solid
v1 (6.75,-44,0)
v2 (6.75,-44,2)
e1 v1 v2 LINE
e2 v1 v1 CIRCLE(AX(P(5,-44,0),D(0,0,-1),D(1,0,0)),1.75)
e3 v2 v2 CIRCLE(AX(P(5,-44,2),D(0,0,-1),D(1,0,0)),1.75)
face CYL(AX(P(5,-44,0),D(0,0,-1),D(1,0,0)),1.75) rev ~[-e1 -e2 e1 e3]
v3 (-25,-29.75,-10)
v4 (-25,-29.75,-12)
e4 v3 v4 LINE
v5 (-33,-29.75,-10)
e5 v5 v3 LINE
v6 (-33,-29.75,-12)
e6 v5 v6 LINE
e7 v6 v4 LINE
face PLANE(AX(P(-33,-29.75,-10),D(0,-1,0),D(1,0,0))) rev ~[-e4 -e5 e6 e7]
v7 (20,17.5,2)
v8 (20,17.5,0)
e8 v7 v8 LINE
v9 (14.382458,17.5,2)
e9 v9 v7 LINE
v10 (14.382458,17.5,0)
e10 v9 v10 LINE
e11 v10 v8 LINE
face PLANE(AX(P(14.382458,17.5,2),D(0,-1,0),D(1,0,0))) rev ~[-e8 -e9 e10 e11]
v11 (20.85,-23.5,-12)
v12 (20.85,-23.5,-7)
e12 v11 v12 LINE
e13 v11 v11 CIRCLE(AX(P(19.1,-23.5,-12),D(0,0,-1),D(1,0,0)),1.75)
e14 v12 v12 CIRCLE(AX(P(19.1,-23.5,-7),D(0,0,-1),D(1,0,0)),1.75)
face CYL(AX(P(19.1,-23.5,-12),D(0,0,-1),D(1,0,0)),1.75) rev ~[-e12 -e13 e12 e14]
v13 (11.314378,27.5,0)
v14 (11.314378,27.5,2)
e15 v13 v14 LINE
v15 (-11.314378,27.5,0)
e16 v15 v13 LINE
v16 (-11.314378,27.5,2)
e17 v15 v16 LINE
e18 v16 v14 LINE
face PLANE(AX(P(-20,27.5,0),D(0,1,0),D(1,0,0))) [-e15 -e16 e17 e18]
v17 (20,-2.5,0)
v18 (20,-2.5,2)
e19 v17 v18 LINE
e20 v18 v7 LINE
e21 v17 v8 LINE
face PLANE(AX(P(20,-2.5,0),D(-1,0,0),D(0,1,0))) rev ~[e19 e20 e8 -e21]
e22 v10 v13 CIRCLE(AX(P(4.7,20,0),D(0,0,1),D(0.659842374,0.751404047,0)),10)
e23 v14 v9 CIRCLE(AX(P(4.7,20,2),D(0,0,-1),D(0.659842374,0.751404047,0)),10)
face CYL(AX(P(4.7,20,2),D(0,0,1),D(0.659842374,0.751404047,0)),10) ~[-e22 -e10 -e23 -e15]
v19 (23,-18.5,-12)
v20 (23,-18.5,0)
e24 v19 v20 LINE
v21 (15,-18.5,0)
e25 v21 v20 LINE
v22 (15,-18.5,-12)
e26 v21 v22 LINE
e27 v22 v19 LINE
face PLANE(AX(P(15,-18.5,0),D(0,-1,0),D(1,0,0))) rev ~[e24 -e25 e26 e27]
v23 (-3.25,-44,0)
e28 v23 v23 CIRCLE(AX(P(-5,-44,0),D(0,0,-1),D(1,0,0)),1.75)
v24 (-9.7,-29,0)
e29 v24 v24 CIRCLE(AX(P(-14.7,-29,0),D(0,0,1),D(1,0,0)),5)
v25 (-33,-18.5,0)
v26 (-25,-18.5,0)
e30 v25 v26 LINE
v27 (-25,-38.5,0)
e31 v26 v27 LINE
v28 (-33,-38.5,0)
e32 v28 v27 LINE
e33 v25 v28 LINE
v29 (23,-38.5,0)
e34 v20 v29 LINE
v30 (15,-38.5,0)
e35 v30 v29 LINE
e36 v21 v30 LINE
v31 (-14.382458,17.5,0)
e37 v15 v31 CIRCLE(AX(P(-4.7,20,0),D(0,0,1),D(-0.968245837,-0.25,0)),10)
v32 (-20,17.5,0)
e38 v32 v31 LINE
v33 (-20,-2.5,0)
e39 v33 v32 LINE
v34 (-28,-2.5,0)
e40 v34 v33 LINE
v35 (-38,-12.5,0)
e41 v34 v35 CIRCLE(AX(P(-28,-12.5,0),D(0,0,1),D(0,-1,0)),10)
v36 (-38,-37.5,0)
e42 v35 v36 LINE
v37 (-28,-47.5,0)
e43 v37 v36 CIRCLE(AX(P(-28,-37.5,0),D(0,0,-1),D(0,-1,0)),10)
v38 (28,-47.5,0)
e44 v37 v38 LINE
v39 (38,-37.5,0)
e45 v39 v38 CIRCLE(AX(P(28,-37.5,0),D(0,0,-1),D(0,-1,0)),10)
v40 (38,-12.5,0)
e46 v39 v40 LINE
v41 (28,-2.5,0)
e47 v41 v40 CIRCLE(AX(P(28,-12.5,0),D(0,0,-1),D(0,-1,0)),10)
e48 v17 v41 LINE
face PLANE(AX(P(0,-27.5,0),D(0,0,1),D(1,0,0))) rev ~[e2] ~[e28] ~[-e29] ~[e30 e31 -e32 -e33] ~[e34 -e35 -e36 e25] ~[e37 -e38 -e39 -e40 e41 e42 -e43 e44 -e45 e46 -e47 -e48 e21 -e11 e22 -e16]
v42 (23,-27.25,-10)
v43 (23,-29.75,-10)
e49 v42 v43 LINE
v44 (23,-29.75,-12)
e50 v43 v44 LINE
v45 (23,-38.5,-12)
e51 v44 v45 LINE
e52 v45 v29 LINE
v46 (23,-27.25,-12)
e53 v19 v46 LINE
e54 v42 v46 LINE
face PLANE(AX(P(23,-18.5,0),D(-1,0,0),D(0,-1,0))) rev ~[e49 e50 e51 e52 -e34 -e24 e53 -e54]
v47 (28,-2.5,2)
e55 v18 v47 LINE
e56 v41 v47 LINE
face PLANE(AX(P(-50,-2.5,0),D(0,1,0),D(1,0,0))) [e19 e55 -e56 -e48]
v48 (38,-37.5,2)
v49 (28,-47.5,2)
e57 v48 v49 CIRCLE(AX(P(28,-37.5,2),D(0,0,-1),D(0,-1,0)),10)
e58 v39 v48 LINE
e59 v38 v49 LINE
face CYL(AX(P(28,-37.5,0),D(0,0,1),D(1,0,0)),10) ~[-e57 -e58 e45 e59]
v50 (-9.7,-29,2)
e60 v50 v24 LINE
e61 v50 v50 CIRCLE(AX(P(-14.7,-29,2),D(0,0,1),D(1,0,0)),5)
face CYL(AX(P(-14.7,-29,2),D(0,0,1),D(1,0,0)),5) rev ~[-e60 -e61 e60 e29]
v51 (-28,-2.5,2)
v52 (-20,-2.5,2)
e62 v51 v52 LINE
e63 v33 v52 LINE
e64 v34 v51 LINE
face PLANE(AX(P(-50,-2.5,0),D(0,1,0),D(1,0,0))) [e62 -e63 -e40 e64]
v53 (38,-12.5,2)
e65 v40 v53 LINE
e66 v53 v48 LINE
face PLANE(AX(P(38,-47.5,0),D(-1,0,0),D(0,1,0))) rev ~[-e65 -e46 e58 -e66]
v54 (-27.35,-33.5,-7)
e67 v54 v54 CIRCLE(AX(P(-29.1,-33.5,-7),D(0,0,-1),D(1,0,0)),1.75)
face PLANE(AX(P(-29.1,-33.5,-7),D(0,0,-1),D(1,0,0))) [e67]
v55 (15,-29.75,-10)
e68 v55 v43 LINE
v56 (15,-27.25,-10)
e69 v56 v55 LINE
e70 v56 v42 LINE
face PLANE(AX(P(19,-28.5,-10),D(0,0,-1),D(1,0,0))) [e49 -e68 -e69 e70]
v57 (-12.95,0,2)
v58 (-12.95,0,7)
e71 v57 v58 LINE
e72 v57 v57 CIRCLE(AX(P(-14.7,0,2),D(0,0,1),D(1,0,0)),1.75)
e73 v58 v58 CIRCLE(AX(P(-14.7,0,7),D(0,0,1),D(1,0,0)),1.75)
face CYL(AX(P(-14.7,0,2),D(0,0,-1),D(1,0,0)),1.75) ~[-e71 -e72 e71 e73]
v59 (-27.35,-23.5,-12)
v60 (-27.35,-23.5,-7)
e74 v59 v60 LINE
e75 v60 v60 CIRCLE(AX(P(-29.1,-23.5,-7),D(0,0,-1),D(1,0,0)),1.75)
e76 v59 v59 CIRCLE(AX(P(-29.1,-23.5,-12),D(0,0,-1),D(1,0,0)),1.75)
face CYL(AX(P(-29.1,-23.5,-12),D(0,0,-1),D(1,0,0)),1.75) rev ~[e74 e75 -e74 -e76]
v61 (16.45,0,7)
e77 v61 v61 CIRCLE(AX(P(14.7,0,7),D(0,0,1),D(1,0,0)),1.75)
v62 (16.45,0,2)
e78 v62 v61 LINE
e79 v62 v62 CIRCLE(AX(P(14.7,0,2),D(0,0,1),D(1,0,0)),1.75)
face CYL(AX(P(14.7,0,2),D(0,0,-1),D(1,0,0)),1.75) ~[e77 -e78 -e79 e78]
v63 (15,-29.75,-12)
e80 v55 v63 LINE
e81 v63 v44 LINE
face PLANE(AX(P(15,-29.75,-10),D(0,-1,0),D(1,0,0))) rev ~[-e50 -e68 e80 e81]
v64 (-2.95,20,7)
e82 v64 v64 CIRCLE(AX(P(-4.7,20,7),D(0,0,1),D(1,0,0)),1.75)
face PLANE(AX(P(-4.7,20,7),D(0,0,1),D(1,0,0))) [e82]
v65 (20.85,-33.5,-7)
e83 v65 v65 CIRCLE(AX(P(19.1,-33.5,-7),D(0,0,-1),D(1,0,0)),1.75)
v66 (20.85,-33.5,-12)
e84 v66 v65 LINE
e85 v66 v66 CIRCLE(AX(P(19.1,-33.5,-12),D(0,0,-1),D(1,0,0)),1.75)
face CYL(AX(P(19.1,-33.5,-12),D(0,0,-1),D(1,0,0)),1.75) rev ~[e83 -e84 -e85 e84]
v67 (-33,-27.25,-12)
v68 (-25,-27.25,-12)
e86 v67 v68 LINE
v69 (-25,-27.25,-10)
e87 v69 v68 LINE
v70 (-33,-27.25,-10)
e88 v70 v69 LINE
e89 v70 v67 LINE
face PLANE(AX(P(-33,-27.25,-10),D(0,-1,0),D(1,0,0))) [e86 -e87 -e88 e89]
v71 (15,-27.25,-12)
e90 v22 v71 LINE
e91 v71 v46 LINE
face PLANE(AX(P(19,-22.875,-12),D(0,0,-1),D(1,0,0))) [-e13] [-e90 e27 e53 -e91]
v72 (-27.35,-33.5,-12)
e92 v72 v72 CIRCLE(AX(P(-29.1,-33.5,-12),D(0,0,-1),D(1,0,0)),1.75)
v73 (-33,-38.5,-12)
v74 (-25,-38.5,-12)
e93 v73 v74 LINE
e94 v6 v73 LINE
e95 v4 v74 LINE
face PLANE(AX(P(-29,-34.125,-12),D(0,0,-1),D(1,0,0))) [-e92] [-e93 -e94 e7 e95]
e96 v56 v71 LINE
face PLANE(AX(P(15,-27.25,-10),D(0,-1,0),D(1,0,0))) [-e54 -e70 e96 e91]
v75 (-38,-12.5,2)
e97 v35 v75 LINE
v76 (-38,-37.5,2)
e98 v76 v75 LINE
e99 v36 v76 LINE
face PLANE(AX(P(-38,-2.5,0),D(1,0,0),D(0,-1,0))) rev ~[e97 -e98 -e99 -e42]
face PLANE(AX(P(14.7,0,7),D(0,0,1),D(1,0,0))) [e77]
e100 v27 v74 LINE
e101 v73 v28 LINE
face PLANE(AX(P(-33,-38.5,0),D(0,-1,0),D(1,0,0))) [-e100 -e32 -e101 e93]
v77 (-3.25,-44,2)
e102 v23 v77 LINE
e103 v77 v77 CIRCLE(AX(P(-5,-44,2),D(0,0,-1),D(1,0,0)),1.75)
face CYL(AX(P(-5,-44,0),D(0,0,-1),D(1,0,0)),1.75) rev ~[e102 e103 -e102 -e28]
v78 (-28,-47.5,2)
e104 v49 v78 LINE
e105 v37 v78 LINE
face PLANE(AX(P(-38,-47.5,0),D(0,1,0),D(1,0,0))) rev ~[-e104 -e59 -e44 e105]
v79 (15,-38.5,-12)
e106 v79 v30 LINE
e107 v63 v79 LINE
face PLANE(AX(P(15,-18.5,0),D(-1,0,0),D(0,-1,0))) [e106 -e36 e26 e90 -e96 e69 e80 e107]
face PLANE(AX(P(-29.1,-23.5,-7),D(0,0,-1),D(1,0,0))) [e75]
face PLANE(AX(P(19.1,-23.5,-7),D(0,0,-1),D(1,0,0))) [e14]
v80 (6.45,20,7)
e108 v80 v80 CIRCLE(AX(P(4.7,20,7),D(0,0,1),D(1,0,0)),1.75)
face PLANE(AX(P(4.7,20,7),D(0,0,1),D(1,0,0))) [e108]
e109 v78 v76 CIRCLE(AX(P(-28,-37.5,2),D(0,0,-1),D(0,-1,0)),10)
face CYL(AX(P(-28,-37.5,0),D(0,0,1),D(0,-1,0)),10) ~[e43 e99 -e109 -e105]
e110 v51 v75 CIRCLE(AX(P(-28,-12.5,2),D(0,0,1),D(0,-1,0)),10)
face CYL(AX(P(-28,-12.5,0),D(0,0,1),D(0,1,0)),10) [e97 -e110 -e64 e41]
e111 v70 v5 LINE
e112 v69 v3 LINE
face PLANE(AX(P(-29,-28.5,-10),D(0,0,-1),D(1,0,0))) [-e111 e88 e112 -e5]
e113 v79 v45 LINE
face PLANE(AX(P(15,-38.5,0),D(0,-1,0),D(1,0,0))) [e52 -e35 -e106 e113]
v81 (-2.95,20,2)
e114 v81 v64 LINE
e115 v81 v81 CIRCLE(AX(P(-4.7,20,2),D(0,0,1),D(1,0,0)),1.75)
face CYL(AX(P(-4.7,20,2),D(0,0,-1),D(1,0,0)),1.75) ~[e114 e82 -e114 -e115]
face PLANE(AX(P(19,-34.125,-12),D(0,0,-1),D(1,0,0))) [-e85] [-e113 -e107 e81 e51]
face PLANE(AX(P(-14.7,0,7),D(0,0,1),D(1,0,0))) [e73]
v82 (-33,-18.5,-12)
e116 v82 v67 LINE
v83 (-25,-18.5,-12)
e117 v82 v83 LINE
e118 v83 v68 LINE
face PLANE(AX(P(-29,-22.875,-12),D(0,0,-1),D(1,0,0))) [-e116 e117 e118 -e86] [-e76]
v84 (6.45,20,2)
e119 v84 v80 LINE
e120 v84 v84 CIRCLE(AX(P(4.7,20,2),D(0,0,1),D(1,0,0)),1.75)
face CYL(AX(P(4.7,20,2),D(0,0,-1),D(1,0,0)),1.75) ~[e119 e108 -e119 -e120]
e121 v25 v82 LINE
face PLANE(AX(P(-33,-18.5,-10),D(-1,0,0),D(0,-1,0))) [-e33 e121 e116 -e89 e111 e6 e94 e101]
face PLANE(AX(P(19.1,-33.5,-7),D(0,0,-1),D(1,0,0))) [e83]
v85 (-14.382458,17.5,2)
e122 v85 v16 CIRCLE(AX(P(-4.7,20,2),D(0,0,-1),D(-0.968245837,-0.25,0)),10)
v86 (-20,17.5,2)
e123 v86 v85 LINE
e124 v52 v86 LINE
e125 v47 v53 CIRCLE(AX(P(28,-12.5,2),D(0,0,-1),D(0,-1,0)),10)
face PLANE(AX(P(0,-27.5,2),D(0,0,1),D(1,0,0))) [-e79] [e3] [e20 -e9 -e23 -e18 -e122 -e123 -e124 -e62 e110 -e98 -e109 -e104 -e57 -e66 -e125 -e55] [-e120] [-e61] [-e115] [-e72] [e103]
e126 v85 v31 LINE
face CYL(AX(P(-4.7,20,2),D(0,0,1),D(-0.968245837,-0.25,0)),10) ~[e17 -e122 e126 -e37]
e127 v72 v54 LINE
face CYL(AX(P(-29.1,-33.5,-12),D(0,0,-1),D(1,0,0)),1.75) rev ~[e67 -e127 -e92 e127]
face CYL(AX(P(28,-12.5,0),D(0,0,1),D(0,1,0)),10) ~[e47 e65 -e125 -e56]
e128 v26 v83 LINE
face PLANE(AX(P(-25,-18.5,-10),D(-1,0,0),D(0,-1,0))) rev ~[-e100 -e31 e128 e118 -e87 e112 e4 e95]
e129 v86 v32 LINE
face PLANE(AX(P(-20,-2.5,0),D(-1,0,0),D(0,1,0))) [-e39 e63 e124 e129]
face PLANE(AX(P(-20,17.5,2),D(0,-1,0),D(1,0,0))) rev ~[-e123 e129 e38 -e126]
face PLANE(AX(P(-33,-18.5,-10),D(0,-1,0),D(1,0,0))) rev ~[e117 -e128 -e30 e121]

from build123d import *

# Parameters (mm, degrees)
F0_W      = 40
F0_H      = 30
F1_DEPTH  = 2
F2_R      = 1.75
F3_DEPTH  = 5
F4_R      = 1.75
F5_DEPTH  = 5
F7_DEPTH  = 2.001
F8_W      = 100
F8_H      = 50
F9_DEPTH  = 2
F10_R     = 5
F11_DEPTH = 2.001
F12_W     = 8
F12_H     = 20
F13_DEPTH = 10
F14_W     = 8
F14_H     = 8.75
F15_DEPTH = 2
F16_R     = 1.75
F17_DEPTH = 5
F18_R     = 1.75
F19_DEPTH = 7.001
F20_R     = 10


with BuildPart() as f1:
    # F0 (on Top) → F1 (new body)
    with BuildSketch(Plane.XY):
        with Locations((0, 12.5)):
            Rectangle(F0_W, F0_H)
    extrude(amount=F1_DEPTH)

    # F2 (on face) → F3 (join)
    with BuildSketch(Plane.XY.offset(2)):
        with Locations((14.7, 0)):
            Circle(F2_R)
        with Locations((-14.7, 0)):
            Circle(F2_R)
    extrude(amount=F3_DEPTH)

    # F4 (on face) → F5 (join)
    with BuildSketch(Plane.XY.offset(2)):
        with Locations((-4.7, 20)):
            Circle(F4_R)
        with Locations((4.7, 20)):
            Circle(F4_R)
    extrude(amount=F5_DEPTH)

    # F6 (on face) → F7 (cut, through all)
    with BuildSketch(Plane.XY.offset(2)):
        with BuildLine():
            ThreePointArc((-14.3824583655, 17.5), (-14.2570409722, 22.9432920101), (-11.298423737, 27.5140404701))
            Line((-11.298423737, 27.5140404701), (-20, 27.5140404701))
            Line((-20, 27.5140404701), (-20, 17.5))
            Line((-20, 17.5), (-14.3824583655, 17.5))
        make_face()
        with BuildLine():
            Line((20, 27.5140404701), (11.298423737, 27.5140404701))
            ThreePointArc((11.298423737, 27.5140404701), (14.2570409722, 22.9432920101), (14.3824583655, 17.5))
            Line((14.3824583655, 17.5), (20, 17.5))
            Line((20, 17.5), (20, 27.5140404701))
        make_face()
    extrude(amount=-F7_DEPTH, mode=Mode.SUBTRACT)

    # F8 (on Top) → F9 (join)
    with BuildSketch(Plane.XY):
        with Locations((0, -27.5)):
            Rectangle(F8_W, F8_H)
    extrude(amount=F9_DEPTH)

    # F10 (on face) → F11 (cut, through all)
    with BuildSketch(Plane.XY.offset(2)):
        with Locations((-14.7, -29)):
            Circle(F10_R)
    extrude(amount=-F11_DEPTH, mode=Mode.SUBTRACT)

    # F12 (on face) → F13 (join)
    with BuildSketch(Plane(origin=(0, 0, 0), x_dir=(1, 0, 0), z_dir=(0, 0, -1))):
        with Locations((-29, 28.5)):
            Rectangle(F12_W, F12_H)
        with Locations((19, 28.5)):
            Rectangle(F12_W, F12_H)
    extrude(amount=F13_DEPTH)

    # F14 (on face) → F15 (join)
    with BuildSketch(Plane(origin=(0, 0, -10), x_dir=(1, 0, 0), z_dir=(0, 0, -1))):
        with Locations((-29, 22.875)):
            Rectangle(F14_W, F14_H)
        with Locations((-29, 34.125)):
            Rectangle(F14_W, F14_H)
        with Locations((19, 34.125)):
            Rectangle(F14_W, F14_H)
        with Locations((19, 22.875)):
            Rectangle(F14_W, F14_H)
    extrude(amount=F15_DEPTH)

    # F16 (on face) → F17 (cut)
    with BuildSketch(Plane(origin=(0, 0, -12), x_dir=(1, 0, 0), z_dir=(0, 0, -1))):
        with Locations((-29.1, 33.5)):
            Circle(F16_R)
        with Locations((-29.1, 23.5)):
            Circle(F16_R)
        with Locations((19.1, 23.5)):
            Circle(F16_R)
        with Locations((19.1, 33.5)):
            Circle(F16_R)
    extrude(amount=-F17_DEPTH, mode=Mode.SUBTRACT)

    # F18 (on face) → F19 (cut, through all)
    with BuildSketch(Plane(origin=(0, 0, 0), x_dir=(1, 0, 0), z_dir=(0, 0, -1))):
        Polygon((-38, 52.5), (-50, 52.5), (-50, 47.5), (-50, 2.5), (-38, 2.5), (-38, 47.5), (38, 47.5), (38, 2.5), (50, 2.5), (50, 47.5), (50, 52.5), (38, 52.5), align=None)
        with Locations((-5, 44)):
            Circle(F18_R)
        with Locations((5, 44)):
            Circle(F18_R)
    extrude(amount=-F19_DEPTH, mode=Mode.SUBTRACT)

    # F20
    f20_edges = [f1.edges().sort_by_distance(p)[0] for p in [
        (-38, -2.5, 1),
        (38, -2.5, 1),
        (-38, -47.5, 1),
        (38, -47.5, 1),
    ]]
    fillet(f20_edges, radius=F20_R)


solid = f1.part
